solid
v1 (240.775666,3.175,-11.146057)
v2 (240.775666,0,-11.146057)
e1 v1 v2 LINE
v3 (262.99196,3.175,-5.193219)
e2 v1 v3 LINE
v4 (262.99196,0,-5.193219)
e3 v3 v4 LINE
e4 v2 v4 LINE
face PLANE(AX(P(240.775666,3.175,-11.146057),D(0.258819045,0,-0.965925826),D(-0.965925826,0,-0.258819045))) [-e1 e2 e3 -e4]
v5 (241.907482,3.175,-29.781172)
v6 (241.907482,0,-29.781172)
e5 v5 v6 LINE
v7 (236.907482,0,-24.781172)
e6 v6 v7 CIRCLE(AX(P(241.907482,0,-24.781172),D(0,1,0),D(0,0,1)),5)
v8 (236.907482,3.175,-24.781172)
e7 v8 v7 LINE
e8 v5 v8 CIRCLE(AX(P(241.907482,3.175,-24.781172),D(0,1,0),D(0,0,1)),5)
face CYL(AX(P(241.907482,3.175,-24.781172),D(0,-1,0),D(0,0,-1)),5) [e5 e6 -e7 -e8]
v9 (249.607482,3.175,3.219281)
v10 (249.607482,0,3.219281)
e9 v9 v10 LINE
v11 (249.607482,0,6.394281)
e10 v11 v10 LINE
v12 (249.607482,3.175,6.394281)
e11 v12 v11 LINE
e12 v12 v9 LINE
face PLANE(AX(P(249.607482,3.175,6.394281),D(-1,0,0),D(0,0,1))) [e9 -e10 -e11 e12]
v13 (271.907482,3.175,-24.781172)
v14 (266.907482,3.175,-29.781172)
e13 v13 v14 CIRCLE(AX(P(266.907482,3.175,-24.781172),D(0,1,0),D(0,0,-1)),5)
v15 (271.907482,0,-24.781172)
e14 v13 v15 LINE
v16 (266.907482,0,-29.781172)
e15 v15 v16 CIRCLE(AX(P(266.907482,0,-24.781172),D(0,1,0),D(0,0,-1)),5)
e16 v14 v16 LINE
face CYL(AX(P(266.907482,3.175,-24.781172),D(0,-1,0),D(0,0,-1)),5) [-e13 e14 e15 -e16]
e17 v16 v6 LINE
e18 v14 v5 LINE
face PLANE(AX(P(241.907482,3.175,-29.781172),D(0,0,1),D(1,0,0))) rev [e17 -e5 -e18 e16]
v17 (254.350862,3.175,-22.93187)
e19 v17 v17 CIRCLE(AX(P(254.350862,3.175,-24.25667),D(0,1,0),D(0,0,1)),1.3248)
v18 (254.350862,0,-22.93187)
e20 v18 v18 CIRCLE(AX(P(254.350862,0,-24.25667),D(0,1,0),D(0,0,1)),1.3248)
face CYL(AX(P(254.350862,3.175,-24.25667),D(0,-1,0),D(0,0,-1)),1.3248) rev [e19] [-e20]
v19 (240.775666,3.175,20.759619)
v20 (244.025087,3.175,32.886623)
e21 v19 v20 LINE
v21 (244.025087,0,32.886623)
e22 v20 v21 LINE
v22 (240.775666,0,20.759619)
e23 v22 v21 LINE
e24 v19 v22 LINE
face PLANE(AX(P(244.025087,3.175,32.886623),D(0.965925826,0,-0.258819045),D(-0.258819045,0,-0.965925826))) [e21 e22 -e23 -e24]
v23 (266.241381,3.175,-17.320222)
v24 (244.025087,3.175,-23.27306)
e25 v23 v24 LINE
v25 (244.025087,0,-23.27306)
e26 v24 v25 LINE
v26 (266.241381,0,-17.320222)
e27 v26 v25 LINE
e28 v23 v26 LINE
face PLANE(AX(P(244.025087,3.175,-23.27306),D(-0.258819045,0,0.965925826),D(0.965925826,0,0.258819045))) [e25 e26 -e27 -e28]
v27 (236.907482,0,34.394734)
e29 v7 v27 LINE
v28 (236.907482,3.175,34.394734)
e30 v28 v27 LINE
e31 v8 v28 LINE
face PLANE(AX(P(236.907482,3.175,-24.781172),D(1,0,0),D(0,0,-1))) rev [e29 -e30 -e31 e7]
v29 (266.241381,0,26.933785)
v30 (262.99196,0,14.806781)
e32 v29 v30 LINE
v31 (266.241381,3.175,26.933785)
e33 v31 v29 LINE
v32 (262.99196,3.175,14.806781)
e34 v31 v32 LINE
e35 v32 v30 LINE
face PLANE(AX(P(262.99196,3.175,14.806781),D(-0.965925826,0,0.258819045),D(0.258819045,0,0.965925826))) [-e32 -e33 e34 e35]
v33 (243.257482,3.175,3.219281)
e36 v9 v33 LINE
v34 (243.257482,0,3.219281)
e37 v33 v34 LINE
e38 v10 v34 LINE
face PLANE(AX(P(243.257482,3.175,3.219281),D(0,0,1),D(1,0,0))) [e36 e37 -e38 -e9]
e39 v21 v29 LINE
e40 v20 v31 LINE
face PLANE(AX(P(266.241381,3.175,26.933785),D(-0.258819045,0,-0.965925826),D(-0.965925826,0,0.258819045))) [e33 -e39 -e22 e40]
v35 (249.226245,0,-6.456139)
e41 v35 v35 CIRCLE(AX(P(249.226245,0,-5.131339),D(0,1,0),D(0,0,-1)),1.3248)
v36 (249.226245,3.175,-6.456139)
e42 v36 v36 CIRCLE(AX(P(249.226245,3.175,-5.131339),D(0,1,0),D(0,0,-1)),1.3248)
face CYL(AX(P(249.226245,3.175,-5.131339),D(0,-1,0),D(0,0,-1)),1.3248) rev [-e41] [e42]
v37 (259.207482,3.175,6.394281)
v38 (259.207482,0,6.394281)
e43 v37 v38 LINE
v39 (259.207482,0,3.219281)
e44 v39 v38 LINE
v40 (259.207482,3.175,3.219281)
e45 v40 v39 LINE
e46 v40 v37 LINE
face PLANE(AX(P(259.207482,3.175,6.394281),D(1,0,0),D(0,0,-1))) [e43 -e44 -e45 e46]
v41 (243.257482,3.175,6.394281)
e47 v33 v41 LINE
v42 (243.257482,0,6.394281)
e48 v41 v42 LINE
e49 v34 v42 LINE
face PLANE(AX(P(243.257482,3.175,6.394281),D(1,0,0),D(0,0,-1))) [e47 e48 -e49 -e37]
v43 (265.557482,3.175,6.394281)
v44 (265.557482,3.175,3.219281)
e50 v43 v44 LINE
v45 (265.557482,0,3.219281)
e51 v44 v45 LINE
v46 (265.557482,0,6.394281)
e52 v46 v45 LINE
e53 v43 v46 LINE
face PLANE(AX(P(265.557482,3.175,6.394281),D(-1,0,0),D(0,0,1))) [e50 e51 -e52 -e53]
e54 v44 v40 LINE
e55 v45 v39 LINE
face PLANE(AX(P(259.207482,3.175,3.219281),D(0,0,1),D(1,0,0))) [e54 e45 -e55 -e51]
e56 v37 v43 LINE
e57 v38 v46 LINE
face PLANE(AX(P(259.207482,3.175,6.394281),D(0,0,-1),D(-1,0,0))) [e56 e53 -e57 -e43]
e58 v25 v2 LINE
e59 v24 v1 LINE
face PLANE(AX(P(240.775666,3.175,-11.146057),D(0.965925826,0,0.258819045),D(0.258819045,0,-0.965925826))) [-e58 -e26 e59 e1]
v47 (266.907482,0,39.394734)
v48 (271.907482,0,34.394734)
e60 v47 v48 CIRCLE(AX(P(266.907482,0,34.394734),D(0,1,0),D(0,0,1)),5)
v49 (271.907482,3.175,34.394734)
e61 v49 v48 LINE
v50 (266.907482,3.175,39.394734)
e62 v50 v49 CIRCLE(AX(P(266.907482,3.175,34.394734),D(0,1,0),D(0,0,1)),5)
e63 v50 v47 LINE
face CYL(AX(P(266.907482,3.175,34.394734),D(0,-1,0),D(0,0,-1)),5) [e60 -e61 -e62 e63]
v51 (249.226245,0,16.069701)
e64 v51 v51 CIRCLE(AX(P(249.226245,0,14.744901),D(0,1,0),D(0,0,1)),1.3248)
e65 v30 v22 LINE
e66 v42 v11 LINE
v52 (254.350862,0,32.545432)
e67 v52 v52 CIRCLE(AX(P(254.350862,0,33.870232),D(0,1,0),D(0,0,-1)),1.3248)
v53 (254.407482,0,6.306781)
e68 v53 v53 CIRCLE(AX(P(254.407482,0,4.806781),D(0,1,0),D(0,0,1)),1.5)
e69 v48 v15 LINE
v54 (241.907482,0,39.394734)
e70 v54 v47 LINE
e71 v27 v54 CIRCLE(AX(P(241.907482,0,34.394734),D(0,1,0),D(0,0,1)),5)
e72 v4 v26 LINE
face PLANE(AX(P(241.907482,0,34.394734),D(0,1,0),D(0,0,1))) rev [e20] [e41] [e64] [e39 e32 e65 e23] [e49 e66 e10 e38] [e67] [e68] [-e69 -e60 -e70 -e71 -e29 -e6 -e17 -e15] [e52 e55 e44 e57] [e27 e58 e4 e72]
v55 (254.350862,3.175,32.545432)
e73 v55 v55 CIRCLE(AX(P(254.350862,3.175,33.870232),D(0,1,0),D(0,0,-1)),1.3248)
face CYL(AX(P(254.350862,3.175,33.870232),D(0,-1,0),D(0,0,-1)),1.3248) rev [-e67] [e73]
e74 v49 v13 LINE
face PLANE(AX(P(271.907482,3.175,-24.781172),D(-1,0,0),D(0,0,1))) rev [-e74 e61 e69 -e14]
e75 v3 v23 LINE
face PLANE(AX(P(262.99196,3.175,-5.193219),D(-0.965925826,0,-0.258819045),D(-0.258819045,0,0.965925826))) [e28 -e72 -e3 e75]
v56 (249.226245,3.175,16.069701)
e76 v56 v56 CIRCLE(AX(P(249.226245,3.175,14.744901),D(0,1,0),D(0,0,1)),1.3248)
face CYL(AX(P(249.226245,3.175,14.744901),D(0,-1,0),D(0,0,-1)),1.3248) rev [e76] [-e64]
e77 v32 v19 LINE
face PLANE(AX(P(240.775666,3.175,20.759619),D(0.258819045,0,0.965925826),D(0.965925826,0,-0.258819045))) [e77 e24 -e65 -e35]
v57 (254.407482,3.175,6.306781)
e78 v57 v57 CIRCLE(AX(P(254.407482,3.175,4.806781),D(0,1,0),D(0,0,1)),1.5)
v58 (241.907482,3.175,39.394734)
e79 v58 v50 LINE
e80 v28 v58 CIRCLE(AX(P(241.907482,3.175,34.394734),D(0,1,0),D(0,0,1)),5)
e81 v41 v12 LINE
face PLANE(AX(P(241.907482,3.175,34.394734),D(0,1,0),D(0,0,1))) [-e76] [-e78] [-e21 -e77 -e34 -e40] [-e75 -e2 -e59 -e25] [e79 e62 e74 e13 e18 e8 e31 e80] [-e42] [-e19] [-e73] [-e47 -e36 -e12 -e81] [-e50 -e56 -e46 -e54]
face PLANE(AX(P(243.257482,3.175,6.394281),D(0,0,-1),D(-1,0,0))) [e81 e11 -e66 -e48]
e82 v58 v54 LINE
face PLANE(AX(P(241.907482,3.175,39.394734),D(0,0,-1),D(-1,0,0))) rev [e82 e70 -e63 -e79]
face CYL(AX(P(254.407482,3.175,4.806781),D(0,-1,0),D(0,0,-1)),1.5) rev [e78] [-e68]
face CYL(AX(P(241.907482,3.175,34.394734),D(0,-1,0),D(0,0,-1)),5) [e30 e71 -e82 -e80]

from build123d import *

# Parameters (mm, degrees)
SKETCH1_R           = 1.324800001
SKETCH1_R_2         = 1.5
SKETCH1_W           = 6.35
SKETCH1_H           = 3.175
BOSS_EXTRUDE1_DEPTH = 3.175


with BuildPart() as part:
    # Sketch1 → Boss-Extrude1 (new body)
    with BuildSketch(Plane(origin=(0, 0, 0), x_dir=(1, 0, 0), z_dir=(0, 1, 0))):
        with BuildLine():
            Line((241.90748173, 29.781172289), (266.90748173, 29.781172289))
            ThreePointArc((266.90748173, 29.781172289), (270.443015636, 28.316706195), (271.90748173, 24.781172289))
            Line((271.90748173, 24.781172289), (271.90748173, -34.394734405))
            ThreePointArc((271.90748173, -34.394734405), (270.443015636, -37.930268311), (266.90748173, -39.394734405))
            Line((266.90748173, -39.394734405), (241.90748173, -39.394734405))
            ThreePointArc((241.90748173, -39.394734405), (238.371947824, -37.930268311), (236.90748173, -34.394734405))
            Line((236.90748173, -34.394734405), (236.90748173, 24.781172289))
            ThreePointArc((236.90748173, 24.781172289), (238.371947824, 28.316706195), (241.90748173, 29.781172289))
        make_face()
        with Locations(Location((254.350862197, 24.256669994, 0), (0, 0, 270))):
            Circle(SKETCH1_R, mode=Mode.SUBTRACT)
        with Locations(Location((249.226245104, 5.131338633, 0), (0, 0, 90))):
            Circle(SKETCH1_R, mode=Mode.SUBTRACT)
        with Locations(Location((249.226245104, -14.744900749, 0), (0, 0, 270))):
            Circle(SKETCH1_R, mode=Mode.SUBTRACT)
        with Locations(Location((254.350862197, -33.870232109, 0), (0, 0, 90))):
            Circle(SKETCH1_R, mode=Mode.SUBTRACT)
        with Locations(Location((254.40748173, -4.806781058, 0), (0, 0, 270))):
            Circle(SKETCH1_R_2, mode=Mode.SUBTRACT)
        Polygon((240.775666346, 11.14605698), (262.991960351, 5.193218942), (266.241381147, 17.32022245), (244.025087143, 23.273060488), align=None, mode=Mode.SUBTRACT)
        Polygon((262.991960351, -14.806781058), (266.241381147, -26.933784566), (244.025087143, -32.886622603), (240.775666346, -20.759619095), align=None, mode=Mode.SUBTRACT)
        with Locations((246.43248173, -4.806781058)):
            Rectangle(SKETCH1_W, SKETCH1_H, mode=Mode.SUBTRACT)
        with Locations((262.38248173, -4.806781058)):
            Rectangle(SKETCH1_W, SKETCH1_H, mode=Mode.SUBTRACT)
    extrude(amount=BOSS_EXTRUDE1_DEPTH)


solid = part.part
